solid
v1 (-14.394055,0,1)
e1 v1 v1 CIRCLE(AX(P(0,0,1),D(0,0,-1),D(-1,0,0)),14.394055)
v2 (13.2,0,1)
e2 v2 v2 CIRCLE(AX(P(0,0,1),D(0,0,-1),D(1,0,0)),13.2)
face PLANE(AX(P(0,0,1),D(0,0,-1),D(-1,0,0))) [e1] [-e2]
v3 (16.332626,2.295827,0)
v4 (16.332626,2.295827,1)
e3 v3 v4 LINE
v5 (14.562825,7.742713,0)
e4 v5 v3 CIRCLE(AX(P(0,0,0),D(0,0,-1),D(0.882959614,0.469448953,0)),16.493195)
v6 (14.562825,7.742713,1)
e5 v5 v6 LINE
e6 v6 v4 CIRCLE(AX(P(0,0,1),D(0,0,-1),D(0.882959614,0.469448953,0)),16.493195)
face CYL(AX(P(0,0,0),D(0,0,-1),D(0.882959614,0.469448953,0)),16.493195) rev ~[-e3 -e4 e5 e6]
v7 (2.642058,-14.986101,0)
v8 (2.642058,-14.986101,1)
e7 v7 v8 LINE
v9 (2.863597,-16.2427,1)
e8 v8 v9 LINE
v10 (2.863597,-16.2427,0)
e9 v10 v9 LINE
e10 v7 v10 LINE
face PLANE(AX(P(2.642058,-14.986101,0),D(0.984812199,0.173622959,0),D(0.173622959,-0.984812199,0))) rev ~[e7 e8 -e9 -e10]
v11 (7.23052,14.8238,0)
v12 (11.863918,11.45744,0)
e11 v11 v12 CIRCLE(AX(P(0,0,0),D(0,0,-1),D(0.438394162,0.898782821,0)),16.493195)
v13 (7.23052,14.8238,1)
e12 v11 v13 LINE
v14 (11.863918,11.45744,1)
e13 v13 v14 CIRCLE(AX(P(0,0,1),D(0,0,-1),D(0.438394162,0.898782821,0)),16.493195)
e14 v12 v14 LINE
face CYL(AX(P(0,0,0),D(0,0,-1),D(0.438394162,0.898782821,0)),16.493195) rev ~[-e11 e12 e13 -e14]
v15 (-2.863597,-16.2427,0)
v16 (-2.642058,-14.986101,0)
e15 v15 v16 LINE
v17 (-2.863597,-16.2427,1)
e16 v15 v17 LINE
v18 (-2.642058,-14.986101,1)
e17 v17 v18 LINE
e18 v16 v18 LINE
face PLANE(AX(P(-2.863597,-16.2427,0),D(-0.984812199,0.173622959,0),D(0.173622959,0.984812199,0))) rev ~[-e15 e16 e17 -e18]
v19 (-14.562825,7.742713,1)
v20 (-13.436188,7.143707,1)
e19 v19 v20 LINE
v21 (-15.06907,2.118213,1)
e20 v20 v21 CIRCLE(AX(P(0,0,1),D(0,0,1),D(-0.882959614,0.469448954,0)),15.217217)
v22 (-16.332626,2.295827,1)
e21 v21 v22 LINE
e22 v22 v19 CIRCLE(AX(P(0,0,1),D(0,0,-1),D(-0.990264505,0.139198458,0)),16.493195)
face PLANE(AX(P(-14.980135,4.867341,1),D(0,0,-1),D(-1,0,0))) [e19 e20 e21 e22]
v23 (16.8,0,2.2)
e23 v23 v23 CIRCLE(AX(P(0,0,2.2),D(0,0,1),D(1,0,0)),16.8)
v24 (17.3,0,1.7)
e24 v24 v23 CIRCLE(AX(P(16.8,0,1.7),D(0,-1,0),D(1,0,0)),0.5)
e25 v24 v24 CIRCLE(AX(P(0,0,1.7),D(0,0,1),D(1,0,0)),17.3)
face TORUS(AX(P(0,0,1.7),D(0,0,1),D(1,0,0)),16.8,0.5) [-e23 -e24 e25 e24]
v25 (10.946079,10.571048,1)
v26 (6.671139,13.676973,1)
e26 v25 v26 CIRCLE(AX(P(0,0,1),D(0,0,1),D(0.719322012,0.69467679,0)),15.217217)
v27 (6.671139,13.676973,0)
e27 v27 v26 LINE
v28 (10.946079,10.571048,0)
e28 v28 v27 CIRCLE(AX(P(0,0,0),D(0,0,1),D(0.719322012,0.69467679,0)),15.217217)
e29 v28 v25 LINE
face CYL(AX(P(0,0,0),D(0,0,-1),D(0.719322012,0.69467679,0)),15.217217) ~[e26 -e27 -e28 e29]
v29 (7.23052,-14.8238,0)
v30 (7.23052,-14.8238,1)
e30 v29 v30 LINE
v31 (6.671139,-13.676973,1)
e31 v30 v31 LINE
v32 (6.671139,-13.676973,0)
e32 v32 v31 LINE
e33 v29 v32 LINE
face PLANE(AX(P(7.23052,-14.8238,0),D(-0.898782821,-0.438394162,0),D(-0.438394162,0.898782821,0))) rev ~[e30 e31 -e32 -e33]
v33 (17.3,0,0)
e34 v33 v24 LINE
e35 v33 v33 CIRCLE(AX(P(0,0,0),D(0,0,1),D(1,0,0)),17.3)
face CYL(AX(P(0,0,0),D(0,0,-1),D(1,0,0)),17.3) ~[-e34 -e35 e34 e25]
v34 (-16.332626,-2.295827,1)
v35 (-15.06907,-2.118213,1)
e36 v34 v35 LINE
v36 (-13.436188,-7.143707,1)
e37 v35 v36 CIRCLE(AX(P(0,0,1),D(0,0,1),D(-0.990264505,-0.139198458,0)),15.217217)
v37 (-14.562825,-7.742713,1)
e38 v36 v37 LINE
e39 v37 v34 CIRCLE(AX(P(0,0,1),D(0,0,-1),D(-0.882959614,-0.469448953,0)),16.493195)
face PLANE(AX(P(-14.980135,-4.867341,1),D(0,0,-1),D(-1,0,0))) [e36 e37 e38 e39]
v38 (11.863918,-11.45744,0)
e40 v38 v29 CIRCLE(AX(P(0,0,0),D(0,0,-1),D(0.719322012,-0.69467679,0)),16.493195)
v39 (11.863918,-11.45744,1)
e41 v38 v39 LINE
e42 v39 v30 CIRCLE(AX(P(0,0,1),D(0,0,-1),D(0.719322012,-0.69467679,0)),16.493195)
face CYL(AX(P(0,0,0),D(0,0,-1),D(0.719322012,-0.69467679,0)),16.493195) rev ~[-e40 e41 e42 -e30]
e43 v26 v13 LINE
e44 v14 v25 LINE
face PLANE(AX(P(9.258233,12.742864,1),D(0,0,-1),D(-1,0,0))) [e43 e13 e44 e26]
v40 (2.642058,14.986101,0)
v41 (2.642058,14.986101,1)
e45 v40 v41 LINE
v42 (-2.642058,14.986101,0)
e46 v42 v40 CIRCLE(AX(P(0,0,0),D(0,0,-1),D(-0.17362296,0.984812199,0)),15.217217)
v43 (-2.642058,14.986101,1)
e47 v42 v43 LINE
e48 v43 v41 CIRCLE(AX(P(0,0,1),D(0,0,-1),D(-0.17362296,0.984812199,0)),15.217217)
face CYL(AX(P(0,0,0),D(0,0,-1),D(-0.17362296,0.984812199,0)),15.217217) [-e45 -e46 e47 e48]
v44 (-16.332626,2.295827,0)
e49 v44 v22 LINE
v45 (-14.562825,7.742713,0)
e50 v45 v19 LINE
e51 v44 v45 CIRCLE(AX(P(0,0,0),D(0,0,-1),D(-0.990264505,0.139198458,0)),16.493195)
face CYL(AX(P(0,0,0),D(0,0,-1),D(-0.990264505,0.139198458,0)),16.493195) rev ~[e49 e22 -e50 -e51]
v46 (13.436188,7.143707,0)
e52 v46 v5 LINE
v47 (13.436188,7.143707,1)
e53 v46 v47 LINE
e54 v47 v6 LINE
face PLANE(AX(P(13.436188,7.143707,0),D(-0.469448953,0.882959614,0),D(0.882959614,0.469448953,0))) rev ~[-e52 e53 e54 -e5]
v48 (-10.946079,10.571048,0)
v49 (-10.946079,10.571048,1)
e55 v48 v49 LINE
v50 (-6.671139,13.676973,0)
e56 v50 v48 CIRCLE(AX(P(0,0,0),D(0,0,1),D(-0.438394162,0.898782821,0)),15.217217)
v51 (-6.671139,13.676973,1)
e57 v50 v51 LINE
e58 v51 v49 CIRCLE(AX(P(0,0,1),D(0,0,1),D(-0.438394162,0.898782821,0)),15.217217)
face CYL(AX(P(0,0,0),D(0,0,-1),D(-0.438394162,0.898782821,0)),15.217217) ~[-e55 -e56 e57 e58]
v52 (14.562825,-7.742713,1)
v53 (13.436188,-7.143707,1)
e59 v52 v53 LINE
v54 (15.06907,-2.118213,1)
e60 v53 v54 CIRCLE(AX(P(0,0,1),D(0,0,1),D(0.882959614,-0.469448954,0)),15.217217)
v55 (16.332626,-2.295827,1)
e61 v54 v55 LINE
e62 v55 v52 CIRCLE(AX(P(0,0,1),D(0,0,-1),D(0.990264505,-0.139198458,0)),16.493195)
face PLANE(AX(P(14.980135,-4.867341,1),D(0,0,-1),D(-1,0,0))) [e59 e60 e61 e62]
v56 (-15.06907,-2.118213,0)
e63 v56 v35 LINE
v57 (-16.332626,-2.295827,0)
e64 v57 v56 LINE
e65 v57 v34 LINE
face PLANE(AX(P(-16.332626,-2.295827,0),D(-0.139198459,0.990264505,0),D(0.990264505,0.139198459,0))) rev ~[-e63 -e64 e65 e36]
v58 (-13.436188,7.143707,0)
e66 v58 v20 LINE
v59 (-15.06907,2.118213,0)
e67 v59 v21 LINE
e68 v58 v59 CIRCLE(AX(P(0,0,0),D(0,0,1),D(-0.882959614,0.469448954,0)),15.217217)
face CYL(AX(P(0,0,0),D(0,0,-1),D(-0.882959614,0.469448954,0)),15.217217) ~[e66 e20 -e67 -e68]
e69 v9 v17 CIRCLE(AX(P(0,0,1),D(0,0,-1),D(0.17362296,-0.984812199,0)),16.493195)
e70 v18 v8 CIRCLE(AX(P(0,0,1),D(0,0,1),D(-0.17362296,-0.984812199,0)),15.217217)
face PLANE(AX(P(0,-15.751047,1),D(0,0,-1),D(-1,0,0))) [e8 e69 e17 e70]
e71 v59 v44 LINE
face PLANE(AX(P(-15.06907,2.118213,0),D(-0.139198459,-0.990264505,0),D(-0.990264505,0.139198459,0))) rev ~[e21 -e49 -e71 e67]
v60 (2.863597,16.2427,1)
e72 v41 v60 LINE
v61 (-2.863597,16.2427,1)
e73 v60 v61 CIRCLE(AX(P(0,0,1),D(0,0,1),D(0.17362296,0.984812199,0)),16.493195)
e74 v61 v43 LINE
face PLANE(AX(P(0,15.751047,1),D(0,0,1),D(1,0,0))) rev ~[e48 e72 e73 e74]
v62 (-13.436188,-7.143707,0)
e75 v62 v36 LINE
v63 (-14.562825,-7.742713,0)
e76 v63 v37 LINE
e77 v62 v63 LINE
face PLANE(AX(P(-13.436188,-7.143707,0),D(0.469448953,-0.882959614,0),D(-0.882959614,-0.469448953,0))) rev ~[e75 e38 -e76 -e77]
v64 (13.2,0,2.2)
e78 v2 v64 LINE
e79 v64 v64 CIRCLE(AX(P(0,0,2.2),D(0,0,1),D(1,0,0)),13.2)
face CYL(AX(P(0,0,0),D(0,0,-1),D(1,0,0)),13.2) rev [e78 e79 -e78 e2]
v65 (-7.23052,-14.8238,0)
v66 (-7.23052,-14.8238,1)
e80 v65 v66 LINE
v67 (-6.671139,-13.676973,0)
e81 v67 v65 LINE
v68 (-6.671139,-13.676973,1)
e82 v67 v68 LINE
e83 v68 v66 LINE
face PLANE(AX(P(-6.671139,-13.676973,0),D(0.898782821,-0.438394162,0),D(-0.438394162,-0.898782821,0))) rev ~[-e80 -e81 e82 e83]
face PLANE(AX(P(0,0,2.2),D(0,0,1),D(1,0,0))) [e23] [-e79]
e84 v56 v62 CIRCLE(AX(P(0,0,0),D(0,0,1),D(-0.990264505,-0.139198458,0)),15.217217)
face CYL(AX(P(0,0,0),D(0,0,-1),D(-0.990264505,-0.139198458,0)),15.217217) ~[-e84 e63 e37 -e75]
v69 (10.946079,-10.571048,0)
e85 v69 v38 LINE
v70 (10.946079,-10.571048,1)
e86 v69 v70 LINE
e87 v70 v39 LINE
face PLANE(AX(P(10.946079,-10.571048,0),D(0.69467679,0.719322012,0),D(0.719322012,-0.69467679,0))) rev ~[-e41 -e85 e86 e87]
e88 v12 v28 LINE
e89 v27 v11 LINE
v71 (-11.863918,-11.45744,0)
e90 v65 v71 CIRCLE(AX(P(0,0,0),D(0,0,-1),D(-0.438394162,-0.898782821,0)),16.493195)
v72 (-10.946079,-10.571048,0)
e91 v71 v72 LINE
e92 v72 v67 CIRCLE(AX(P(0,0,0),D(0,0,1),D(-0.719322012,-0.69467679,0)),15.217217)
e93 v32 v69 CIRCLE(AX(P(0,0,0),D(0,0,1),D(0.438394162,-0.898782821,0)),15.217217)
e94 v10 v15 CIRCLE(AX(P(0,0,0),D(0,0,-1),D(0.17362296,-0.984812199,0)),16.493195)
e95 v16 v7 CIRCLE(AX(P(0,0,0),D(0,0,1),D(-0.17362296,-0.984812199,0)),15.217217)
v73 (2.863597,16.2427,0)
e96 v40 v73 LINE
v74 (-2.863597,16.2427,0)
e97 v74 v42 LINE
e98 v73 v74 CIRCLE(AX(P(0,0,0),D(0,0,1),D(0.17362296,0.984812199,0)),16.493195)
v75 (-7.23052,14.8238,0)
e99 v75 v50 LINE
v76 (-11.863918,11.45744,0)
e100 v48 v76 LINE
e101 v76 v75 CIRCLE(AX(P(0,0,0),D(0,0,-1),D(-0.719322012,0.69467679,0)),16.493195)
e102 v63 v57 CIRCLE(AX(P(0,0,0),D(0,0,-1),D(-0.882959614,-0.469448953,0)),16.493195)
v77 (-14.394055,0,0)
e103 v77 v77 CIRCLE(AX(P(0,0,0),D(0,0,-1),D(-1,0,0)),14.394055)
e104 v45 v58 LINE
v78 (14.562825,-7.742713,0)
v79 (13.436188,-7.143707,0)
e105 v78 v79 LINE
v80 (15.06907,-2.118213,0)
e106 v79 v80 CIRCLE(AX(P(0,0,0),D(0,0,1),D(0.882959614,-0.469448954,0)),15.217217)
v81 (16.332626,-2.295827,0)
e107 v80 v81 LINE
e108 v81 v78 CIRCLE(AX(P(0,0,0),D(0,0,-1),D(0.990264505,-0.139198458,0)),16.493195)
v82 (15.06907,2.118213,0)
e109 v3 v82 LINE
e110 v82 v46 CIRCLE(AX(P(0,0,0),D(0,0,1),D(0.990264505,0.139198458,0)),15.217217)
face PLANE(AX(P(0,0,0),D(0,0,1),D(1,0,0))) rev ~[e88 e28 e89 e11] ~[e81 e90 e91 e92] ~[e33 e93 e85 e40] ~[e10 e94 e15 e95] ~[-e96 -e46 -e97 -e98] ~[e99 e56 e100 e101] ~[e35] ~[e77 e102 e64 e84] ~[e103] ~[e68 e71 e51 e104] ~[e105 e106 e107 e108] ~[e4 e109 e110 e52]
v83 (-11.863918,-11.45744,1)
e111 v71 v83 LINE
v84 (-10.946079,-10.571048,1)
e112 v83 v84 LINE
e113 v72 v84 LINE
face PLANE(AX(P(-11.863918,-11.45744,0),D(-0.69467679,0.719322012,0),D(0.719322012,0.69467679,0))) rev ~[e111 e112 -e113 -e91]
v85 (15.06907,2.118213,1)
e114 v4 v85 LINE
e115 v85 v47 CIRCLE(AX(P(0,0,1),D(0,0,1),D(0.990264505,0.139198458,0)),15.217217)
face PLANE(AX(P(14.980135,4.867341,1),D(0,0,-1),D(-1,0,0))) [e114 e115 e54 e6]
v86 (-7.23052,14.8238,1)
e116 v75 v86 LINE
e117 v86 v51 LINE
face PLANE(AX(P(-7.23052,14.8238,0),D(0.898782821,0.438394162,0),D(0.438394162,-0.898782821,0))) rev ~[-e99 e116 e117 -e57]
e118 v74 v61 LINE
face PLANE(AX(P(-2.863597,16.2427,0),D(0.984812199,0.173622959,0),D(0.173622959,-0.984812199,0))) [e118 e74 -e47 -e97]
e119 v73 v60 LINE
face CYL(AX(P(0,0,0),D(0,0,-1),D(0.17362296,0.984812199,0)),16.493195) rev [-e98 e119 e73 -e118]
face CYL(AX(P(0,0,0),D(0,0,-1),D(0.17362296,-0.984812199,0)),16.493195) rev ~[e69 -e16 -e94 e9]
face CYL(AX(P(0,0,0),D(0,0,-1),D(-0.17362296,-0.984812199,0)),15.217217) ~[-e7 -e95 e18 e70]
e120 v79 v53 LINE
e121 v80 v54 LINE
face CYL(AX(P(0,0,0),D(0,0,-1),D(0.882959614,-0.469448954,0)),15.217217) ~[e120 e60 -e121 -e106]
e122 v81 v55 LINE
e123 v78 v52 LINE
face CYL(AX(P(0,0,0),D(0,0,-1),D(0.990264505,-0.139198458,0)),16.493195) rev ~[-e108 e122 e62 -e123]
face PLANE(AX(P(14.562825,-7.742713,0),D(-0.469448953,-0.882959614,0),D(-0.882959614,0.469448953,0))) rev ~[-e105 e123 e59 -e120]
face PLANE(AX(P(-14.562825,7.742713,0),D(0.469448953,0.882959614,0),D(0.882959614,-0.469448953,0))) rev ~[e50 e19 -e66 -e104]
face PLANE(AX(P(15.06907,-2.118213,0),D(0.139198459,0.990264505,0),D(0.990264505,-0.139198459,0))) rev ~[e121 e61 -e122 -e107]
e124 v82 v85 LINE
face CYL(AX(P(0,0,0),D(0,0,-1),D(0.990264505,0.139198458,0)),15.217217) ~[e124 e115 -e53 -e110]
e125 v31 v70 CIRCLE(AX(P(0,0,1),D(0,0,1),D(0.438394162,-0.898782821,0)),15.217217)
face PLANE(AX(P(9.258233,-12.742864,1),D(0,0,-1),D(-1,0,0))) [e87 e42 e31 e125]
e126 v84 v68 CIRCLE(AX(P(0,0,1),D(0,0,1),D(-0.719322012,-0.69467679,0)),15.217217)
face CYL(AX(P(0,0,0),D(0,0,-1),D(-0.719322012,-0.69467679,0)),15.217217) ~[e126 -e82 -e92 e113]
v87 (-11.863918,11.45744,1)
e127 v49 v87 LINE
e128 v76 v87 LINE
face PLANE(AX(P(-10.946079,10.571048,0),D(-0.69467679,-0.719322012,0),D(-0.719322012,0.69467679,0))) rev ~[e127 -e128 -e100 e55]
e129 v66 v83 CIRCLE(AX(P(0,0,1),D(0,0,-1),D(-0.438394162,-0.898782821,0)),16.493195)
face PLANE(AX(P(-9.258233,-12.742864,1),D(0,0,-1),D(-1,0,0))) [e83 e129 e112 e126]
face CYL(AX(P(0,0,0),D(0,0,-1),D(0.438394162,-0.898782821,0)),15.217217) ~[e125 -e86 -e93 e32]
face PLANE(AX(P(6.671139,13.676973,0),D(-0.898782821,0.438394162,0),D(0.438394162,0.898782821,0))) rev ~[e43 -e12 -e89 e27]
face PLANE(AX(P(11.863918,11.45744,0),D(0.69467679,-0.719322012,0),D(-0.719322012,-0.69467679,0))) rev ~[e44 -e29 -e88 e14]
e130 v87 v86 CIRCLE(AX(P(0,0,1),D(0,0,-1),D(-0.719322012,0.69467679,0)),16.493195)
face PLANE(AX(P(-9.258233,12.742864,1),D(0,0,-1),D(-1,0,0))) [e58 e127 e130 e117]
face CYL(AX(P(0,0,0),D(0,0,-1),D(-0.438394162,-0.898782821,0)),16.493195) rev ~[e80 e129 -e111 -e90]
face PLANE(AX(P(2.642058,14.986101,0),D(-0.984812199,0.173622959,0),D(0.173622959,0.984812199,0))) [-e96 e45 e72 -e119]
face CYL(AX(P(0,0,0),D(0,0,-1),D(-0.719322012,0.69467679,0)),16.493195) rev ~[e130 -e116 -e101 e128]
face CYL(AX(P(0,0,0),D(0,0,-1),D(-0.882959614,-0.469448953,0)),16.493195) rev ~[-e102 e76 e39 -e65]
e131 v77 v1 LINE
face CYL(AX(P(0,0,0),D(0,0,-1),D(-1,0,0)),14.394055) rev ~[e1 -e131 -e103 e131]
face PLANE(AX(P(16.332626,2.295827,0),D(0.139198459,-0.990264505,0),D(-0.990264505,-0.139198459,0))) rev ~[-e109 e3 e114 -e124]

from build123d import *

# Parameters (mm, degrees)
SKETCH_1_R          = 17.3
SKETCH_1_R_2        = 13.2
EXTRUDE_1_DEPTH     = 2.2
SKETCH_2_R          = 14.394054642
CUT_EXTRUDE_1_DEPTH = 1
CUT_EXTRUDE_2_DEPTH = 1
FILLET_1_R          = 0.5


with BuildPart() as part:
    # 草图1 → 凸台-拉伸1 (new body)
    with BuildSketch(Plane.XY):
        Circle(SKETCH_1_R)
        Circle(SKETCH_1_R_2, mode=Mode.SUBTRACT)
    extrude(amount=EXTRUDE_1_DEPTH)

    # 草图2 → 切除-拉伸1 (cut)
    with BuildSketch(Plane(origin=(0, 0, 0), x_dir=(-1, 0, 0), z_dir=(0, 0, -1))):
        Circle(SKETCH_2_R)
    extrude(amount=-CUT_EXTRUDE_1_DEPTH, mode=Mode.SUBTRACT)

    # 草图3 → 切除-拉伸2 (cut)
    with BuildSketch(Plane(origin=(0, 0, 0), x_dir=(-1, 0, 0), z_dir=(0, 0, -1))):
        with BuildLine():
            Line((-2.642058299, 14.986101169), (-2.863597348, 16.242699714))
            ThreePointArc((-2.863597348, 16.242699714), (0, 16.493195075), (2.863597348, 16.242699714))
            Line((2.863597348, 16.242699714), (2.642058299, 14.986101169))
            ThreePointArc((2.642058299, 14.986101169), (0, 15.217217233), (-2.642058299, 14.986101169))
        make_face()
        with BuildLine():
            Line((10.94607932, 10.571047622), (11.863918269, 11.457439813))
            ThreePointArc((11.863918269, 11.457439813), (9.694456828, 13.343275107), (7.23052043, 14.823800393))
            Line((7.23052043, 14.823800393), (6.671139193, 13.676973429))
            ThreePointArc((6.671139193, 13.676973429), (8.94445587, 12.310987348), (10.94607932, 10.571047622))
        make_face()
        with BuildLine():
            Line((15.069070085, 2.118213179), (16.332625651, 2.295827328))
            ThreePointArc((16.332625651, 2.295827328), (15.685960651, 5.09667757), (14.56282516, 7.742713165))
            Line((14.56282516, 7.742713165), (13.436188256, 7.143706702))
            ThreePointArc((13.436188256, 7.143706702), (14.472433609, 4.702378732), (15.069070085, 2.118213179))
        make_face()
        with BuildLine():
            Line((13.436188256, -7.143706702), (14.56282516, -7.742713165))
            ThreePointArc((14.56282516, -7.742713165), (15.685960651, -5.09667757), (16.332625651, -2.295827328))
            Line((16.332625651, -2.295827328), (15.069070085, -2.118213179))
            ThreePointArc((15.069070085, -2.118213179), (14.472433609, -4.702378732), (13.436188256, -7.143706702))
        make_face()
        with BuildLine():
            Line((6.671139193, -13.676973429), (7.23052043, -14.823800393))
            ThreePointArc((7.23052043, -14.823800393), (9.694456828, -13.343275107), (11.863918269, -11.457439813))
            Line((11.863918269, -11.457439813), (10.94607932, -10.571047622))
            ThreePointArc((10.94607932, -10.571047622), (8.94445587, -12.310987348), (6.671139193, -13.676973429))
        make_face()
        with BuildLine():
            Line((-2.642058299, -14.986101169), (-2.863597348, -16.242699714))
            ThreePointArc((-2.863597348, -16.242699714), (0, -16.493195075), (2.863597348, -16.242699714))
            Line((2.863597348, -16.242699714), (2.642058299, -14.986101169))
            ThreePointArc((2.642058299, -14.986101169), (0, -15.217217233), (-2.642058299, -14.986101169))
        make_face()
        with BuildLine():
            Line((-10.94607932, -10.571047622), (-11.863918269, -11.457439813))
            ThreePointArc((-11.863918269, -11.457439813), (-9.694456828, -13.343275107), (-7.23052043, -14.823800393))
            Line((-7.23052043, -14.823800393), (-6.671139193, -13.676973429))
            ThreePointArc((-6.671139193, -13.676973429), (-8.94445587, -12.310987348), (-10.94607932, -10.571047622))
        make_face()
        with BuildLine():
            Line((-15.069070085, -2.118213179), (-16.332625651, -2.295827328))
            ThreePointArc((-16.332625651, -2.295827328), (-15.685960651, -5.09667757), (-14.56282516, -7.742713165))
            Line((-14.56282516, -7.742713165), (-13.436188256, -7.143706702))
            ThreePointArc((-13.436188256, -7.143706702), (-14.472433609, -4.702378732), (-15.069070085, -2.118213179))
        make_face()
        with BuildLine():
            Line((-13.436188256, 7.143706702), (-14.56282516, 7.742713165))
            ThreePointArc((-14.56282516, 7.742713165), (-15.685960651, 5.09667757), (-16.332625651, 2.295827328))
            Line((-16.332625651, 2.295827328), (-15.069070085, 2.118213179))
            ThreePointArc((-15.069070085, 2.118213179), (-14.472433609, 4.702378732), (-13.436188256, 7.143706702))
        make_face()
        with BuildLine():
            Line((-6.671139193, 13.676973429), (-7.23052043, 14.823800393))
            ThreePointArc((-7.23052043, 14.823800393), (-9.694456828, 13.343275107), (-11.863918269, 11.457439813))
            Line((-11.863918269, 11.457439813), (-10.94607932, 10.571047622))
            ThreePointArc((-10.94607932, 10.571047622), (-8.94445587, 12.310987348), (-6.671139193, 13.676973429))
        make_face()
    extrude(amount=-CUT_EXTRUDE_2_DEPTH, mode=Mode.SUBTRACT)

    # 圆角1
    fillet_1_edges = [part.edges().sort_by_distance(p)[0] for p in [
        (-17.3, 0, 2.2),
    ]]
    fillet(fillet_1_edges, radius=FILLET_1_R)


solid = part.part
